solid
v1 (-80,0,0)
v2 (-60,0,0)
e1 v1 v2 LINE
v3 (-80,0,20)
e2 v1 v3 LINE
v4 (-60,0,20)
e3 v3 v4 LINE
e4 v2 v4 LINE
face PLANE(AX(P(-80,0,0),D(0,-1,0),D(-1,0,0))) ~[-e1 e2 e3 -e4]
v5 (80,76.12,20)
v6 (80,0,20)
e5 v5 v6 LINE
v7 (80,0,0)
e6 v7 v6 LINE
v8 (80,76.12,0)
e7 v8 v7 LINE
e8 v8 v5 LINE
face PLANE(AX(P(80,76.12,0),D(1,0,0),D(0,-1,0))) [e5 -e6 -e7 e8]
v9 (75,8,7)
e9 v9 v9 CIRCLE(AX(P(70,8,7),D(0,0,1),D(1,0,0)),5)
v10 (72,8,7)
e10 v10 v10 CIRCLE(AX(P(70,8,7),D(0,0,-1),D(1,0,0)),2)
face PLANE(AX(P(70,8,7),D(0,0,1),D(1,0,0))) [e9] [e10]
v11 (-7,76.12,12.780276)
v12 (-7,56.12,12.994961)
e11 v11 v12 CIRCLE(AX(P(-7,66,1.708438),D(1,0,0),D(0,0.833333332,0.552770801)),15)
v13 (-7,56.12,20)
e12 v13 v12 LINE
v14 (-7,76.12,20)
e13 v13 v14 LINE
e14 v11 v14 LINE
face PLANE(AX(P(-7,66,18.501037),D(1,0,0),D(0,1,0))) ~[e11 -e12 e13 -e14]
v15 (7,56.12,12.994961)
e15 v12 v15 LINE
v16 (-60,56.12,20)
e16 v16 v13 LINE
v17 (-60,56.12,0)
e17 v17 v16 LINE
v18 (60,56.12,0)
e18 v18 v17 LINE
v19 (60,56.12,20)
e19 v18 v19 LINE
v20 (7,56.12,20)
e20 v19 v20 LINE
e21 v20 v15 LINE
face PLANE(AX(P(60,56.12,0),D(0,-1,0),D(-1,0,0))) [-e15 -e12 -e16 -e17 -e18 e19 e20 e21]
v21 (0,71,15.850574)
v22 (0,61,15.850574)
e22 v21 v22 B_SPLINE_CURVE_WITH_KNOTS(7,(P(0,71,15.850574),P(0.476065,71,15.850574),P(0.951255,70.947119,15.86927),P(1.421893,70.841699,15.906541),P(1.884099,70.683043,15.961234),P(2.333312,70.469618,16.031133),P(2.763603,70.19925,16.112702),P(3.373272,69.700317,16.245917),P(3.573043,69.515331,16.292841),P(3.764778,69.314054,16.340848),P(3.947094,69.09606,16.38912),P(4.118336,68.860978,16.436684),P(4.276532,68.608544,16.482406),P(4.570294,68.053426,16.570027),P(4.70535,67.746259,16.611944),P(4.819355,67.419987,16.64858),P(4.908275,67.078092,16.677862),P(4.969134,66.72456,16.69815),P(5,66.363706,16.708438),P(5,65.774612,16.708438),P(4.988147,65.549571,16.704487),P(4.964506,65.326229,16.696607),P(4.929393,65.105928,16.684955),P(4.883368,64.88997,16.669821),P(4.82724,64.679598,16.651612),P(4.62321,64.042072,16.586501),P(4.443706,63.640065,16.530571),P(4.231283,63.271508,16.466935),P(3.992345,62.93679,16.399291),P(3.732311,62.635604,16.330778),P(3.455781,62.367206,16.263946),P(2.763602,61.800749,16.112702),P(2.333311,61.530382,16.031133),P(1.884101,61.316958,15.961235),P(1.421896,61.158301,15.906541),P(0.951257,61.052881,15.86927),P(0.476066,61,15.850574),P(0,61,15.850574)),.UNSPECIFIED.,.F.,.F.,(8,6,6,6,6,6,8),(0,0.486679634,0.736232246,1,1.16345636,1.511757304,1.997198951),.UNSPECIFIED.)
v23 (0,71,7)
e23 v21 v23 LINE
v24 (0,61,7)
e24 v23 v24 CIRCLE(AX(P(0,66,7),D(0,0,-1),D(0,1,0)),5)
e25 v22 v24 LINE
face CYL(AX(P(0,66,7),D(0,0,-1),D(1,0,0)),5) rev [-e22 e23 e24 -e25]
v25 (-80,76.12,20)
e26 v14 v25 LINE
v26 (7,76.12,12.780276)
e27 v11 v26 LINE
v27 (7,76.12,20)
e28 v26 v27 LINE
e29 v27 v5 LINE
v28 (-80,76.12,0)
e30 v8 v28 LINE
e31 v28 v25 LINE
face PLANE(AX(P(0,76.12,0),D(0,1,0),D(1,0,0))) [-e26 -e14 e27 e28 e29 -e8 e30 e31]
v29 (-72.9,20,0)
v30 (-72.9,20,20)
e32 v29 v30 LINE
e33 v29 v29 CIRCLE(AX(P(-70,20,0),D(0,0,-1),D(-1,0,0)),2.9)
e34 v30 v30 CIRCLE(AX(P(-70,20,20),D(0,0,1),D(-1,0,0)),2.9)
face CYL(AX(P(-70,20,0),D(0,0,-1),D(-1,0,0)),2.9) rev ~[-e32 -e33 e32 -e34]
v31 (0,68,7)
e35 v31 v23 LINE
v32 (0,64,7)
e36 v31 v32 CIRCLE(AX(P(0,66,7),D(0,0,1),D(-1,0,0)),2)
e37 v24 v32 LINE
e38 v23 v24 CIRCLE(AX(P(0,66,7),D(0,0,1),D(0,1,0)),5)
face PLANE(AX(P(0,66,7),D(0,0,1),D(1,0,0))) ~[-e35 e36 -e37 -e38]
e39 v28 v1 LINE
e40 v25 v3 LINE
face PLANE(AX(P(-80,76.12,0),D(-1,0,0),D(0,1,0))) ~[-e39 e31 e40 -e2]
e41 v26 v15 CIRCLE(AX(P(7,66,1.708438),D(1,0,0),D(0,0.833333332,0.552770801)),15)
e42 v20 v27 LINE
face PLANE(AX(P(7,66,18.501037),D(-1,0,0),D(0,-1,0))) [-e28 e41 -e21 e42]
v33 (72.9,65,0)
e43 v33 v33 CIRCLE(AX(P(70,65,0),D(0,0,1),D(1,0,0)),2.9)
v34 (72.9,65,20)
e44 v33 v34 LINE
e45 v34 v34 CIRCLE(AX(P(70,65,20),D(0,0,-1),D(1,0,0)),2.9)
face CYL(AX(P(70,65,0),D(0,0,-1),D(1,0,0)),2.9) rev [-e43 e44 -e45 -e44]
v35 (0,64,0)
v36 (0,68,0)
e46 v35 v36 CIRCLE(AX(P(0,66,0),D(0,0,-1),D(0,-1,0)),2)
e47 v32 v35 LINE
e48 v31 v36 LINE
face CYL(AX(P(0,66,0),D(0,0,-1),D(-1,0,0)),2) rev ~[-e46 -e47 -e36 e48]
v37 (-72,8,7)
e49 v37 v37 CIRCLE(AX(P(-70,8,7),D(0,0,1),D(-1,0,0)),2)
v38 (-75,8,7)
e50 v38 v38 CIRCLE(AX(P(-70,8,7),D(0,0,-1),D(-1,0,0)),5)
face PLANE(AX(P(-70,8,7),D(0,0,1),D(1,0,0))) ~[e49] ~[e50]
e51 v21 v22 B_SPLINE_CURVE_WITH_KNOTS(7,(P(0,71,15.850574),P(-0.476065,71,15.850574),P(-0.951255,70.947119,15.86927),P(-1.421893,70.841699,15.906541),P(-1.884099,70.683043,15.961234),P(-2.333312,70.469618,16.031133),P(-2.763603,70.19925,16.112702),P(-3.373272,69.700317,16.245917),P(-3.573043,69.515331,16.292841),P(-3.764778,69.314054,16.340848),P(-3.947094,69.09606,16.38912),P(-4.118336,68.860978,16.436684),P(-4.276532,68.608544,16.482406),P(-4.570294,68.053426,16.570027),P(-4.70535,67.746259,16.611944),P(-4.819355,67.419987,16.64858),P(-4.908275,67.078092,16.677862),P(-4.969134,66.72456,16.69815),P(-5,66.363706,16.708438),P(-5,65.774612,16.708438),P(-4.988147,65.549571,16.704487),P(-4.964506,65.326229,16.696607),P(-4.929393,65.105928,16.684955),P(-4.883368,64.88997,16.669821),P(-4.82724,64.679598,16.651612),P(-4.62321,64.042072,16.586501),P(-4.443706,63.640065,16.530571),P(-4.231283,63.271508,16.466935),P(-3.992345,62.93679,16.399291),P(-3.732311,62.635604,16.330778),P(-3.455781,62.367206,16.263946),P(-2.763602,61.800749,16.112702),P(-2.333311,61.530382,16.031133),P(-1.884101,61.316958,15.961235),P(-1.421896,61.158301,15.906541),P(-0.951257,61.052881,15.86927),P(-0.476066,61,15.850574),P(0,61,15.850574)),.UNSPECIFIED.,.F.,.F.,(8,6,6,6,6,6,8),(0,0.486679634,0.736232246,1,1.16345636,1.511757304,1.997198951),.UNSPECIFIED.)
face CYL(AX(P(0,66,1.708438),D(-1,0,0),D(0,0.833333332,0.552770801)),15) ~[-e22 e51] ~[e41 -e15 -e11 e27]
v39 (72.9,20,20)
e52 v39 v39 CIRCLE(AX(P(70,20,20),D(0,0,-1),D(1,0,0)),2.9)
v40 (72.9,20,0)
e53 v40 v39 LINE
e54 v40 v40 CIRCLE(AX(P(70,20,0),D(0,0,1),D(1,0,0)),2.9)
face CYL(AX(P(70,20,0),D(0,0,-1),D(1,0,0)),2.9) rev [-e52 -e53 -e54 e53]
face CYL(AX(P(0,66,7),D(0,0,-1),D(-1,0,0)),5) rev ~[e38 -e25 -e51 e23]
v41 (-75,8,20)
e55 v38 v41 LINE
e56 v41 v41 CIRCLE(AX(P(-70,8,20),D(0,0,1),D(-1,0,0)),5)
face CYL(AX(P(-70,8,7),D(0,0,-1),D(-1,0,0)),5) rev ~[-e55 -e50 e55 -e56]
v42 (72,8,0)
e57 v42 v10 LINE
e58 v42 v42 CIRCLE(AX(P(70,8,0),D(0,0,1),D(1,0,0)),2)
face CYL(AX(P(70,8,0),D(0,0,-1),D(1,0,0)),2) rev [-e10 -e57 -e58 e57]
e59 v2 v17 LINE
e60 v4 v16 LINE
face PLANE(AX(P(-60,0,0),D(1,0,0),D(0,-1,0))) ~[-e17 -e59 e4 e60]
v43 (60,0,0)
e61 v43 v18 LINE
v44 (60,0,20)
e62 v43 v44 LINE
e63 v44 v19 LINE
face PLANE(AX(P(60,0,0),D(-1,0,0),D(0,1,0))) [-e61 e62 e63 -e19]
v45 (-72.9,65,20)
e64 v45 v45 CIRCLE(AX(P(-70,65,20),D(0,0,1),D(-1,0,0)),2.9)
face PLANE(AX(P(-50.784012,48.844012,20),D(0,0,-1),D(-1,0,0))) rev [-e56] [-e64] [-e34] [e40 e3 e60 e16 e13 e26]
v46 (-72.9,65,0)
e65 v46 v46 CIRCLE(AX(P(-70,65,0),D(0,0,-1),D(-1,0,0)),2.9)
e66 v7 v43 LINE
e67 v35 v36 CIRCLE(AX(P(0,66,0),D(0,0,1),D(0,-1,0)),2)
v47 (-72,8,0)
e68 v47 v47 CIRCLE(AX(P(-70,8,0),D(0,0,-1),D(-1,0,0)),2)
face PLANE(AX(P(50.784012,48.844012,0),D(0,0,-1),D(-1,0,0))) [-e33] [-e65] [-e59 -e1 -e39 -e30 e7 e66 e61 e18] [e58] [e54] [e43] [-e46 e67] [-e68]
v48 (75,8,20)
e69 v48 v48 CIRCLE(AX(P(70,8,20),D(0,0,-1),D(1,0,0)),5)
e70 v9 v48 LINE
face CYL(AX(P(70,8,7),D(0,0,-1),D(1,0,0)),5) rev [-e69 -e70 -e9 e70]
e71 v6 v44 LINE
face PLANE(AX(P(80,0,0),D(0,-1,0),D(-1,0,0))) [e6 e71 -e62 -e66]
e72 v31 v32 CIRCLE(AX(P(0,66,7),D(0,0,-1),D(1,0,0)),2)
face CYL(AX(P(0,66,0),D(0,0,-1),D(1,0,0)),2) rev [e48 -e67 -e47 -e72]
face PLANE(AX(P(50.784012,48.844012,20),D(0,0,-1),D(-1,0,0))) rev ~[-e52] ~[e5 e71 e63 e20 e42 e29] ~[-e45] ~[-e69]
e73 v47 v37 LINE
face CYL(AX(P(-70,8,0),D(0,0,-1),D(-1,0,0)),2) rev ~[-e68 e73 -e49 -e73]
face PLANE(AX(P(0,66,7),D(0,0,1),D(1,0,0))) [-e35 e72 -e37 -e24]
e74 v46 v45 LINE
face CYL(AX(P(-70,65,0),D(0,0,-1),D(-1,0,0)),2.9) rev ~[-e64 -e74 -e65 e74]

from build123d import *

# Parameters (mm, degrees)
PAD003_DEPTH  = 7
SKETCH002_R   = 5
PAD002_DEPTH  = 50
SKETCH001_R   = 2.9
SKETCH001_R_2 = 2
PAD001_DEPTH  = 100
PAD_DEPTH     = 20


with BuildPart() as clamp_slot:
    # Sketch003 → Pad003 (new body)
    with BuildSketch(Plane.YZ):
        with BuildLine():
            ThreePointArc((78.5, 10), (66, 16.708438), (53.5, 10))
            Line((53.5, 10), (53.5, 25))
            Line((53.5, 25), (78.5, 25))
            Line((78.5, 25), (78.5, 10))
        make_face()
    extrude(amount=PAD003_DEPTH)


with BuildPart() as screw_recesses:
    # Sketch002 → Pad002 (new body)
    with BuildSketch(Plane.XY.offset(7)):
        with Locations((0, 66)):
            Circle(SKETCH002_R)
        with Locations((70, 8)):
            Circle(SKETCH002_R)
    extrude(amount=PAD002_DEPTH)


with BuildPart() as screw_holes:
    # Sketch001 → Pad001 (new body)
    with BuildSketch(Plane.XY):
        with Locations((70, 65)):
            Circle(SKETCH001_R)
        with Locations((70, 20)):
            Circle(SKETCH001_R)
        with Locations((70, 8)):
            Circle(SKETCH001_R_2)
        with Locations((0, 66)):
            Circle(SKETCH001_R_2)
    extrude(amount=PAD001_DEPTH)


with BuildPart() as cut002:
    # Sketch → Pad (new body)
    with BuildSketch(Plane.XY):
        Polygon((0, 76.12), (80, 76.12), (80, 0), (60, 0), (60, 56.12), (0, 56.12), align=None)
    extrude(amount=PAD_DEPTH)

    # Cut: cut Screw Holes
    add(screw_holes.part, mode=Mode.SUBTRACT)

    # Cut001: cut Screw Recesses
    add(screw_recesses.part, mode=Mode.SUBTRACT)

    # Cut002: cut Clamp Slot
    add(clamp_slot.part, mode=Mode.SUBTRACT)


with BuildPart() as fusion:
    # Part__Mirroring: instance of Cut002
    add(cut002.part.mirror(Plane(origin=(0, 0, 0), x_dir=(0, -1, 0), z_dir=(1, 0, 0))))

    # Fusion: union Cut002
    add(cut002.part)


solid = fusion.part
